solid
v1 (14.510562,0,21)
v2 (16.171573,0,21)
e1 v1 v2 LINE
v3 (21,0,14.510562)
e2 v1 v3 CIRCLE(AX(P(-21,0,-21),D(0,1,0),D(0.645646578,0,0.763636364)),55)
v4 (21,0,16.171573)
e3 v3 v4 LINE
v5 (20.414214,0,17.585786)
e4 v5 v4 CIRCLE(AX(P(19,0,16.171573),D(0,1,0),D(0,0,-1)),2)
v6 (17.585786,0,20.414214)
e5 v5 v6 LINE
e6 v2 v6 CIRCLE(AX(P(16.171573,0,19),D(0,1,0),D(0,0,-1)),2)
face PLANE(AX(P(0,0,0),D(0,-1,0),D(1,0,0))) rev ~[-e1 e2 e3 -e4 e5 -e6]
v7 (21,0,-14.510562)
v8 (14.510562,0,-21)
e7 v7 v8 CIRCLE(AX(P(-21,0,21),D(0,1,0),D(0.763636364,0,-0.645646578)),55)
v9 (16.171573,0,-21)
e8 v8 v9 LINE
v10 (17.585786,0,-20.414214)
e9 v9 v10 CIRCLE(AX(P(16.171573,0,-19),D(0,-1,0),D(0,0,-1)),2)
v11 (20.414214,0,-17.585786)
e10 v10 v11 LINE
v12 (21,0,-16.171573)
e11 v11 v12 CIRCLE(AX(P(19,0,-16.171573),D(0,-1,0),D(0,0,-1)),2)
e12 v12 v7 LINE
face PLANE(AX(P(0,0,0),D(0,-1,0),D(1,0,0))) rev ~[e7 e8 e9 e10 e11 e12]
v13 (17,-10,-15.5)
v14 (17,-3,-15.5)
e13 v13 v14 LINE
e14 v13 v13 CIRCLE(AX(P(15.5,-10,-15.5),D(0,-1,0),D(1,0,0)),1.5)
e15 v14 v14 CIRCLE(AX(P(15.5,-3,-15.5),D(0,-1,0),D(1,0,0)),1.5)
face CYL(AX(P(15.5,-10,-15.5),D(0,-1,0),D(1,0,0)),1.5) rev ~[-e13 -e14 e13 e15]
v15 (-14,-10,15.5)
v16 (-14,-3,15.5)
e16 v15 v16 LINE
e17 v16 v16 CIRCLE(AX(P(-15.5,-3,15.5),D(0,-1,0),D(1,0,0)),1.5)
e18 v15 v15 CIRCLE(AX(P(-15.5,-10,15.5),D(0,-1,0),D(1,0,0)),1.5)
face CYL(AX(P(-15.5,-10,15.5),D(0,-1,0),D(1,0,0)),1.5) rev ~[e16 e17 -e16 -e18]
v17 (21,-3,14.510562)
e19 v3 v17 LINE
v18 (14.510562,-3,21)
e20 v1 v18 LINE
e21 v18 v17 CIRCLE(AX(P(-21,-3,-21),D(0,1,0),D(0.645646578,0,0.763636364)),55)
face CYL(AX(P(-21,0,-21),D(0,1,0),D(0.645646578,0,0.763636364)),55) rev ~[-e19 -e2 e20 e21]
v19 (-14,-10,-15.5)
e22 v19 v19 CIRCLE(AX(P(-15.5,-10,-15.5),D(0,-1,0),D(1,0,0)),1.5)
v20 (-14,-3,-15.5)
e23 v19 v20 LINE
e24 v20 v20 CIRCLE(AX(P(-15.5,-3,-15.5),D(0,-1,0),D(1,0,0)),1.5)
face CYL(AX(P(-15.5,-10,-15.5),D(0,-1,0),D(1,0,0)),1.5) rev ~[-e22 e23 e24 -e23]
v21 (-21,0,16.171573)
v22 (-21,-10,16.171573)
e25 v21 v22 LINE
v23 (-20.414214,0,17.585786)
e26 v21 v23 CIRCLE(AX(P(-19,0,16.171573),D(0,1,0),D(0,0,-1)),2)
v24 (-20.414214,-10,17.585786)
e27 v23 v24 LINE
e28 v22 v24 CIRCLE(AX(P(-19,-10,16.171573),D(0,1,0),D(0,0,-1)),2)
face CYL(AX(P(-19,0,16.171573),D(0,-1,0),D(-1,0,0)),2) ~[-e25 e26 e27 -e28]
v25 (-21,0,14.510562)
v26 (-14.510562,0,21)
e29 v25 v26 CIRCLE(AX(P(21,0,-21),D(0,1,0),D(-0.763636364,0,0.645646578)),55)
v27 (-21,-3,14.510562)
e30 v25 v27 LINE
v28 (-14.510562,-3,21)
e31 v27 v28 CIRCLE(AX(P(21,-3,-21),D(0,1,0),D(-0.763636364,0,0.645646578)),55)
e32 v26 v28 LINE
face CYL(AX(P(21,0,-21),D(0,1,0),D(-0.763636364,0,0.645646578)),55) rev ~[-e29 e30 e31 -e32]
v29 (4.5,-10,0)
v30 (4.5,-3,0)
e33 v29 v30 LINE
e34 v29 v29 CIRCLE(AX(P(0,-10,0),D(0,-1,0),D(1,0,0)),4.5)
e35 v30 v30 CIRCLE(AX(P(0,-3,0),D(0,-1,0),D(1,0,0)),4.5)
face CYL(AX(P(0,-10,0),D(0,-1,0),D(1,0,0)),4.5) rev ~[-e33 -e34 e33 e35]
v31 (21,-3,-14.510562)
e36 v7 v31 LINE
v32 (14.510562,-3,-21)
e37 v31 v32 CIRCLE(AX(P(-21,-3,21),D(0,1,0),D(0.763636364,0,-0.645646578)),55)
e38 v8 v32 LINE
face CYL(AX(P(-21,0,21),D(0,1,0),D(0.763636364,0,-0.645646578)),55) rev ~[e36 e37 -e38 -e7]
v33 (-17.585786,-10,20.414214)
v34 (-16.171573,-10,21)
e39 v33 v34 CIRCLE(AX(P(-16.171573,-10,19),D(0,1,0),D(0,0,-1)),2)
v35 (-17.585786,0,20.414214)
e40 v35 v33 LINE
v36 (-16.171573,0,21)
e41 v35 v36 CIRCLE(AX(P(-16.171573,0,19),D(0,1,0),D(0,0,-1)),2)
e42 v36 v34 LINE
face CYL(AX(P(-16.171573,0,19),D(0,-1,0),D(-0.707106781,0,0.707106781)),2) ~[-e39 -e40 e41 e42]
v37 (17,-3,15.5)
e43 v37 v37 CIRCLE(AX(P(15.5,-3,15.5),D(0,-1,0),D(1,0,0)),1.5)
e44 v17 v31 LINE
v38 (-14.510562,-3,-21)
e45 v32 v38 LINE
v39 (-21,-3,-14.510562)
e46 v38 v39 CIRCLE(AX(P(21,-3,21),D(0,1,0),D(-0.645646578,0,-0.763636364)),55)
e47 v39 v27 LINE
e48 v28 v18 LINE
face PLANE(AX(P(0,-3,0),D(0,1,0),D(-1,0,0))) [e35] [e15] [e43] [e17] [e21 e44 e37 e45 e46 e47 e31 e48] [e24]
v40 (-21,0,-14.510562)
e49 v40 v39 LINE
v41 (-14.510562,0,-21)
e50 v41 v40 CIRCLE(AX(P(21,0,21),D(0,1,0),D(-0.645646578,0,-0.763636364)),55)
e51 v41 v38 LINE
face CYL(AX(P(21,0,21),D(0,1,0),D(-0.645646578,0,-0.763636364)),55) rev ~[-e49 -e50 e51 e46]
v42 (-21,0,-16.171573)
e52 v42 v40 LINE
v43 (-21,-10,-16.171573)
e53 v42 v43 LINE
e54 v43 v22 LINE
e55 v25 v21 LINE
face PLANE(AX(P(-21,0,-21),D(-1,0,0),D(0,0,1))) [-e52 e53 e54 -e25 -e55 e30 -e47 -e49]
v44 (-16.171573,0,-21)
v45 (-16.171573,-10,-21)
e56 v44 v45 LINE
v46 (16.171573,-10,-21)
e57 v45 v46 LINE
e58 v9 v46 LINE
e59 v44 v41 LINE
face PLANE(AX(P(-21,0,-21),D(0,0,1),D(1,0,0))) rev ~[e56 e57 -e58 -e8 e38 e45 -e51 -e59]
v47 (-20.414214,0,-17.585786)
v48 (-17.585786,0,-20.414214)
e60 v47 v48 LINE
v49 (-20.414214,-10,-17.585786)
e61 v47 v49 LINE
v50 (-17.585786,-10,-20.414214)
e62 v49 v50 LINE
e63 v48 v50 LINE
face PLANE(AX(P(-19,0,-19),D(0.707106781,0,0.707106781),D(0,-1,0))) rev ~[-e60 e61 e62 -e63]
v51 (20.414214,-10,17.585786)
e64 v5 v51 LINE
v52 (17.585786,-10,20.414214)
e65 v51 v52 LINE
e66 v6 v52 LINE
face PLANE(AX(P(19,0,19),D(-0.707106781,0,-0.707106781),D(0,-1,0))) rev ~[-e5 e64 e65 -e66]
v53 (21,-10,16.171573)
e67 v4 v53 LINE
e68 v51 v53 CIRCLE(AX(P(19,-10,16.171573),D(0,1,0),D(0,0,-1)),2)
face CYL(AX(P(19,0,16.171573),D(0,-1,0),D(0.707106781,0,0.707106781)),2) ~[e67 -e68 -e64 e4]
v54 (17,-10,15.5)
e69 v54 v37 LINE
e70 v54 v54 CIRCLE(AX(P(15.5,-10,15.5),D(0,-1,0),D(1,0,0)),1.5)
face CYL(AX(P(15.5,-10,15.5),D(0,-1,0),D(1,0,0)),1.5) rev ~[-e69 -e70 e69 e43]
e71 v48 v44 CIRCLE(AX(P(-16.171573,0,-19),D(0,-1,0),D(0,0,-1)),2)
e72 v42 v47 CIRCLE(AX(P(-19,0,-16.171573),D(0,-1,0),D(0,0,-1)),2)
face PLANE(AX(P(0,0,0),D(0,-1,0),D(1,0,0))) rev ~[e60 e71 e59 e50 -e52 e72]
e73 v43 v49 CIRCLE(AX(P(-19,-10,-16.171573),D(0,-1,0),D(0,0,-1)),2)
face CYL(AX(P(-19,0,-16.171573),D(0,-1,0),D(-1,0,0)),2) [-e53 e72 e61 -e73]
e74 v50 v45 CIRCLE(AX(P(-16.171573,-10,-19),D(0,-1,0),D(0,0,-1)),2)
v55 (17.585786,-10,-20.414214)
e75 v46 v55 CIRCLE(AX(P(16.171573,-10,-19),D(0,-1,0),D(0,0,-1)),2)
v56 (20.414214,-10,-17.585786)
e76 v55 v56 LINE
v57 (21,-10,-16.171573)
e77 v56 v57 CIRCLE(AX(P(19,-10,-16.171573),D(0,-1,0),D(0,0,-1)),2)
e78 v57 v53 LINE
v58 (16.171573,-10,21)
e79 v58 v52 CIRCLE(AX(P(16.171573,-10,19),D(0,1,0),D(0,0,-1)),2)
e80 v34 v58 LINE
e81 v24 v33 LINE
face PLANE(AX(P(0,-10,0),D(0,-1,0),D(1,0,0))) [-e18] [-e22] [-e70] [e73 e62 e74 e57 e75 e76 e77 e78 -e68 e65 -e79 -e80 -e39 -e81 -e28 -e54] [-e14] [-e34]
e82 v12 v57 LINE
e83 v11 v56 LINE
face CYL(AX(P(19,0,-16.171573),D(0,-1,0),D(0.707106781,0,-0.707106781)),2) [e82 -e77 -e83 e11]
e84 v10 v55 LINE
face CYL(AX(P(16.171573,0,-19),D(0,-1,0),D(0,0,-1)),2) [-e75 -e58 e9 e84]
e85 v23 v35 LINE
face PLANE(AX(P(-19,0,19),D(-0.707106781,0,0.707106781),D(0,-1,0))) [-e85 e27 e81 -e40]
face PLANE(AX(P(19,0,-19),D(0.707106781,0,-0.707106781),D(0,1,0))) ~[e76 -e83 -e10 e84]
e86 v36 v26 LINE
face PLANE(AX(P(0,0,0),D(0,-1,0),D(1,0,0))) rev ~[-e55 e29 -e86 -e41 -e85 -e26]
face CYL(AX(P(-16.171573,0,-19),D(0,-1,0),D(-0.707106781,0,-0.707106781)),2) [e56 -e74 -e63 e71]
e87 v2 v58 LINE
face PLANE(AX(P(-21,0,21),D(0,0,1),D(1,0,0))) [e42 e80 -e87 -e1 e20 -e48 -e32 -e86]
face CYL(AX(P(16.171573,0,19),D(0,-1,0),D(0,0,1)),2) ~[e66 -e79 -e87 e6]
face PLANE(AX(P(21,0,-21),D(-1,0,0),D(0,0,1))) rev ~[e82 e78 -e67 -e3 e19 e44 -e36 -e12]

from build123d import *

# Parameters (mm, degrees)
F0_W     = 42
F0_H     = 42
F1_DEPTH = 10
F2_SIZE  = 4
F3_R     = 2
F5_DEPTH = 3
F6_R     = 1.5
F7_DEPTH = 10.001
F8_R     = 4.5
F9_DEPTH = 10.001


with BuildPart() as f1:
    # F0 (on Front) → F1 (new body)
    with BuildSketch(Plane.XZ):
        Rectangle(F0_W, F0_H)
    extrude(amount=F1_DEPTH)

    # F2
    f2_edges = [f1.edges().sort_by_distance(p)[0] for p in [
        (-21, -5, 21),
        (21, -5, 21),
        (21, -5, -21),
        (-21, -5, -21),
    ]]
    chamfer(f2_edges, length=F2_SIZE)

    # F3
    f3_edges = [f1.edges().sort_by_distance(p)[0] for p in [
        (-17, -5, 21),
        (17, -5, 21),
        (21, -5, 17),
        (21, -5, -17),
        (17, -5, -21),
        (-17, -5, -21),
        (-21, -5, -17),
        (-21, -5, 17),
    ]]
    fillet(f3_edges, radius=F3_R)

    # F4 (on face) → F5 (cut)
    with BuildSketch(Plane(origin=(0, 0, 0), x_dir=(-1, 0, 0), z_dir=(0, 1, 0))):
        with BuildLine():
            ThreePointArc((-14.5105618091, 21), (-17.8908729653, 17.8908729653), (-21, 14.5105618091))
            Line((-21, 14.5105618091), (-21, -14.5105618091))
            ThreePointArc((-21, -14.5105618091), (-17.8908729653, -17.8908729653), (-14.5105618091, -21))
            Line((-14.5105618091, -21), (14.5105618091, -21))
            ThreePointArc((14.5105618091, -21), (17.8908729653, -17.8908729653), (21, -14.5105618091))
            Line((21, -14.5105618091), (21, 14.5105618091))
            ThreePointArc((21, 14.5105618091), (17.8908729653, 17.8908729653), (14.5105618091, 21))
            Line((14.5105618091, 21), (-14.5105618091, 21))
        make_face()
    extrude(amount=-F5_DEPTH, mode=Mode.SUBTRACT)

    # F6 (on face) → F7 (cut, through all)
    with BuildSketch(Plane.XZ.offset(10)):
        with Locations((-15.5, 15.5)):
            Circle(F6_R)
        with Locations((-15.5, -15.5)):
            Circle(F6_R)
        with Locations((15.5, -15.5)):
            Circle(F6_R)
        with Locations((15.5, 15.5)):
            Circle(F6_R)
    extrude(amount=-F7_DEPTH, mode=Mode.SUBTRACT)

    # F8 (on face) → F9 (cut, through all)
    with BuildSketch(Plane.XZ.offset(10)):
        Circle(F8_R)
    extrude(amount=-F9_DEPTH, mode=Mode.SUBTRACT)


solid = f1.part
